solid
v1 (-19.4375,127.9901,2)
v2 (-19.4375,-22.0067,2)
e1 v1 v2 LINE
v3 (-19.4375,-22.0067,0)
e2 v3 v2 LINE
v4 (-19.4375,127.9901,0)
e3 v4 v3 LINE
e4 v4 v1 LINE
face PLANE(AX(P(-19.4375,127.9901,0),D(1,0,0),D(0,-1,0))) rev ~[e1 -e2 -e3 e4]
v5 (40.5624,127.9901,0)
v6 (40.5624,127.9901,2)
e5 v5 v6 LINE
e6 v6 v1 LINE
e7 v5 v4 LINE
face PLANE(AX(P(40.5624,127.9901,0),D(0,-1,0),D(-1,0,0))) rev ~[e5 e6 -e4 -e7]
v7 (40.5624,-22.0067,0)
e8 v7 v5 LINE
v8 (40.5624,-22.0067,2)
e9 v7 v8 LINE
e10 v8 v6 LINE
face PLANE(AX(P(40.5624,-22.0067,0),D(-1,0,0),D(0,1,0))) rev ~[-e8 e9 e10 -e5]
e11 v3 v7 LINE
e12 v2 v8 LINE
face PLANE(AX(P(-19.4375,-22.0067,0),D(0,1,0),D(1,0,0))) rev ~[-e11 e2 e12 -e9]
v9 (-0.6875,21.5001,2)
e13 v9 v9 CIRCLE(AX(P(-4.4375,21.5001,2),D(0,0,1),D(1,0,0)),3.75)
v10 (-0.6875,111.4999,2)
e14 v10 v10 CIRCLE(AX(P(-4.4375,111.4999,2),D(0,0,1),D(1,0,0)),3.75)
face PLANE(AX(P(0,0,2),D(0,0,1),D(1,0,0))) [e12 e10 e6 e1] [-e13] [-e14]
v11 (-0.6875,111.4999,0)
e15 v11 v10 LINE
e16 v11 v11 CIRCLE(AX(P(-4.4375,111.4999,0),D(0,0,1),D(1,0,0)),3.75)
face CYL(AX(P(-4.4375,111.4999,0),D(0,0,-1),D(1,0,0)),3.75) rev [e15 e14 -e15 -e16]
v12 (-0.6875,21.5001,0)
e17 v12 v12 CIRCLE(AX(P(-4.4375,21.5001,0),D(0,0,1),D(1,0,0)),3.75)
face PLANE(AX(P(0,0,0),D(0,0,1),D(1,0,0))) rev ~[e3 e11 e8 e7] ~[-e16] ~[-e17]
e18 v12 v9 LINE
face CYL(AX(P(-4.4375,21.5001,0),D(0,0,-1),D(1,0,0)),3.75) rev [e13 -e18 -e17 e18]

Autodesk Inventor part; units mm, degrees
ref_plane "YZ Plane" through (0, 0, 0) normal (1, 0, 0) x (0, 1, 0)
ref_plane "XZ Plane" through (0, 0, 0) normal (0, 1, 0) x (-1, 0, 0)
ref_plane "XY Plane" through (0, 0, 0) normal (0, 0, 1) x (1, 0, 0)
sketch "Sketch1" plane through (0, 0, 0) normal (0, 0, 1) x (1, 0, 0)
  line L0 (-7.6357, 22.9943) -> (-8.4175, 23.9734) construction
  arc A0 (-7.6357, 22.9943) -> (-7.6357, 20.0058) centre (-4.4375, 21.5001) ccw construction
  line L1 (-8.4175, 19.0267) -> (-7.6357, 20.0058) construction
  arc A1 (-8.4175, 19.0267) -> (-6.9109, 17.5201) centre (-7.5798, 18.3578) ccw construction
  line L2 (-5.9318, 18.3019) -> (-6.9109, 17.5201) construction
  arc A2 (-5.9318, 18.3019) -> (-2.9433, 18.3019) centre (-4.4375, 21.5001) ccw construction
  line L3 (-1.9642, 17.5201) -> (-2.9433, 18.3019) construction
  arc A3 (-1.9642, 17.5201) -> (-0.4576, 19.0267) centre (-1.2953, 18.3578) ccw construction
  line L4 (-1.2394, 20.0058) -> (-0.4576, 19.0267) construction
  arc A4 (-1.2394, 20.0058) -> (-1.2394, 22.9943) centre (-4.4375, 21.5001) ccw construction
  line L5 (-0.4576, 23.9734) -> (-1.2394, 22.9943) construction
  arc A5 (-0.4576, 23.9734) -> (-1.9642, 25.48) centre (-1.2953, 24.6423) ccw construction
  line L6 (-2.9433, 24.6982) -> (-1.9642, 25.48) construction
  arc A6 (-2.9433, 24.6982) -> (-5.9318, 24.6982) centre (-4.4375, 21.5001) ccw construction
  line L7 (-6.9109, 25.48) -> (-5.9318, 24.6982) construction
  arc A7 (-6.9109, 25.48) -> (-8.4175, 23.9734) centre (-7.5798, 24.6423) ccw construction
  line L8 (-18.1375, 31.381) -> (-18.1375, 34.2) construction
  arc A8 (-18.1375, 31.381) -> (-17.7565, 31) centre (-17.7565, 31.381) ccw construction
  line L9 (-14.3175, 31) -> (-17.7565, 31) construction
  arc A9 (-14.3175, 31) -> (-13.9375, 31.38) centre (-14.3175, 31.38) ccw construction
  line L10 (-13.9375, 34.819) -> (-13.9375, 31.38) construction
  arc A10 (-13.9375, 34.819) -> (-14.3185, 35.2) centre (-14.3185, 34.819) ccw construction
  line L11 (-17.1375, 35.2) -> (-14.3185, 35.2) construction
  arc A11 (-17.1375, 35.2) -> (-18.1375, 34.2) centre (-17.1375, 34.2) ccw construction
  line L12 (9.2624, 11.6191) -> (9.2624, 8.8001) construction
  arc A12 (9.2624, 11.6191) -> (8.8814, 12.0001) centre (8.8814, 11.6191) ccw construction
  line L13 (5.4424, 12.0001) -> (8.8814, 12.0001) construction
  arc A13 (5.4424, 12.0001) -> (5.0624, 11.6201) centre (5.4424, 11.6201) ccw construction
  line L14 (5.0624, 8.1811) -> (5.0624, 11.6201) construction
  arc A14 (5.0624, 8.1811) -> (5.4434, 7.8001) centre (5.4434, 8.1811) ccw construction
  line L15 (8.2624, 7.8001) -> (5.4434, 7.8001) construction
  arc A15 (8.2624, 7.8001) -> (9.2624, 8.8001) centre (8.2624, 8.8001) ccw construction
  line L16 (-14.3185, 7.8001) -> (-17.1375, 7.8001) construction
  arc A16 (-14.3185, 7.8001) -> (-13.9375, 8.1811) centre (-14.3185, 8.1811) ccw construction
  line L17 (-13.9375, 11.6201) -> (-13.9375, 8.1811) construction
  arc A17 (-13.9375, 11.6201) -> (-14.3175, 12.0001) centre (-14.3175, 11.6201) ccw construction
  line L18 (-17.7565, 12.0001) -> (-14.3175, 12.0001) construction
  arc A18 (-17.7565, 12.0001) -> (-18.1375, 11.6191) centre (-17.7565, 11.6191) ccw construction
  line L19 (-18.1375, 8.8001) -> (-18.1375, 11.6191) construction
  arc A19 (-18.1375, 8.8001) -> (-17.1375, 7.8001) centre (-17.1375, 8.8001) ccw construction
  line L20 (8.8814, 31) -> (5.4424, 31) construction
  arc A20 (8.8814, 31) -> (9.2624, 31.381) centre (8.8814, 31.381) ccw construction
  line L21 (9.2624, 34.2) -> (9.2624, 31.381) construction
  arc A21 (9.2624, 34.2) -> (8.2624, 35.2) centre (8.2624, 34.2) ccw construction
  line L22 (5.4434, 35.2) -> (8.2624, 35.2) construction
  arc A22 (5.4434, 35.2) -> (5.0624, 34.819) centre (5.4434, 34.819) ccw construction
  line L23 (5.0624, 31.38) -> (5.0624, 34.819) construction
  arc A23 (5.0624, 31.38) -> (5.4424, 31) centre (5.4424, 31.38) ccw construction
  line L24 (0.0625, 34.2425) -> (3.295, 34.2425) construction
  arc A24 (-0.4375, 34.7425) -> (0.0625, 34.2425) centre (0.0625, 34.7425) ccw construction
  line L25 (-0.4375, 36) -> (-0.4375, 34.7425) construction
  arc A25 (0.0625, 36.5) -> (-0.4375, 36) centre (0.0625, 36) ccw construction
  line L26 (8.5624, 36.5) -> (0.0625, 36.5) construction
  arc A26 (10.5624, 34.5) -> (8.5624, 36.5) centre (8.5624, 34.5) ccw construction
  line L27 (10.5624, 26.0001) -> (10.5624, 34.5) construction
  arc A27 (10.0624, 25.5001) -> (10.5624, 26.0001) centre (10.0624, 26.0001) ccw construction
  line L28 (8.8049, 25.5001) -> (10.0624, 25.5001) construction
  arc A28 (8.3049, 26.0001) -> (8.8049, 25.5001) centre (8.8049, 26.0001) ccw construction
  line L29 (8.3049, 29.2326) -> (8.3049, 26.0001) construction
  arc A29 (8.3049, 29.2326) -> (7.8053, 29.75) centre (7.8053, 29.25) ccw construction
  line L30 (5.8227, 29.75) -> (7.8053, 29.75) construction
  arc A30 (5.8227, 29.75) -> (5.4691, 29.6036) centre (5.8227, 29.25) ccw construction
  line L31 (1.5436, 25.6781) -> (5.4691, 29.6036) construction
  arc A31 (1.5436, 25.6781) -> (1.3971, 25.3245) centre (1.8971, 25.3245) ccw construction
  line L32 (1.3971, 22.4501) -> (1.3971, 25.3245) construction
  line L33 (0.8871, 21.5001) -> (1.3971, 22.4501) construction
  line L34 (1.3971, 20.5501) -> (0.8871, 21.5001) construction
  line L35 (1.3971, 17.6756) -> (1.3971, 20.5501) construction
  arc A32 (1.3971, 17.6756) -> (1.5436, 17.3221) centre (1.8971, 17.6756) ccw construction
  line L36 (5.4691, 13.3965) -> (1.5436, 17.3221) construction
  arc A33 (5.4691, 13.3965) -> (5.8227, 13.2501) centre (5.8227, 13.7501) ccw construction
  line L37 (7.8053, 13.2501) -> (5.8227, 13.2501) construction
  arc A34 (7.8053, 13.2501) -> (8.3049, 13.7675) centre (7.8053, 13.7501) ccw construction
  line L38 (8.3049, 17.0001) -> (8.3049, 13.7675) construction
  arc A35 (8.8049, 17.5001) -> (8.3049, 17.0001) centre (8.8049, 17.0001) ccw construction
  line L39 (10.0624, 17.5001) -> (8.8049, 17.5001) construction
  arc A36 (10.5624, 17.0001) -> (10.0624, 17.5001) centre (10.0624, 17.0001) ccw construction
  line L40 (10.5624, 8.5001) -> (10.5624, 17.0001) construction
  arc A37 (8.5624, 6.5001) -> (10.5624, 8.5001) centre (8.5624, 8.5001) ccw construction
  line L41 (0.0625, 6.5001) -> (8.5624, 6.5001) construction
  arc A38 (-0.4375, 7.0001) -> (0.0625, 6.5001) centre (0.0625, 7.0001) ccw construction
  line L42 (-0.4375, 8.2576) -> (-0.4375, 7.0001) construction
  arc A39 (0.0625, 8.7576) -> (-0.4375, 8.2576) centre (0.0625, 8.2576) ccw construction
  line L43 (3.295, 8.7576) -> (0.0625, 8.7576) construction
  arc A40 (3.295, 8.7576) -> (3.8124, 9.2573) centre (3.3124, 9.2573) ccw construction
  line L44 (3.8124, 11.2399) -> (3.8124, 9.2573) construction
  arc A41 (3.8124, 11.2399) -> (3.666, 11.5934) centre (3.3124, 11.2399) ccw construction
  line L45 (-0.2595, 15.5189) -> (3.666, 11.5934) construction
  arc A42 (-0.2595, 15.5189) -> (-0.6131, 15.6654) centre (-0.6131, 15.1654) ccw construction
  line L46 (-3.55, 15.6654) -> (-0.6131, 15.6654) construction
  line L47 (-4.5, 16.1754) -> (-3.55, 15.6654) construction
  line L48 (-5.45, 15.6654) -> (-4.5, 16.1754) construction
  line L49 (-8.262, 15.6654) -> (-5.45, 15.6654) construction
  arc A43 (-8.262, 15.6654) -> (-8.6155, 15.5189) centre (-8.262, 15.1654) ccw construction
  line L50 (-12.5411, 11.5934) -> (-8.6155, 15.5189) construction
  arc A44 (-12.5411, 11.5934) -> (-12.6875, 11.2399) centre (-12.1875, 11.2399) ccw construction
  line L51 (-12.6875, 9.2573) -> (-12.6875, 11.2399) construction
  arc A45 (-12.6875, 9.2573) -> (-12.17, 8.7576) centre (-12.1875, 9.2573) ccw construction
  line L52 (-8.9375, 8.7576) -> (-12.17, 8.7576) construction
  arc A46 (-8.4375, 8.2576) -> (-8.9375, 8.7576) centre (-8.9375, 8.2576) ccw construction
  line L53 (-8.4375, 7.0001) -> (-8.4375, 8.2576) construction
  arc A47 (-8.9375, 6.5001) -> (-8.4375, 7.0001) centre (-8.9375, 7.0001) ccw construction
  line L54 (-17.4375, 6.5001) -> (-8.9375, 6.5001) construction
  arc A48 (-19.4375, 8.5001) -> (-17.4375, 6.5001) centre (-17.4375, 8.5001) ccw construction
  line L55 (-19.4375, 17.0001) -> (-19.4375, 8.5001) construction
  arc A49 (-18.9375, 17.5001) -> (-19.4375, 17.0001) centre (-18.9375, 17.0001) ccw construction
  line L56 (-17.68, 17.5001) -> (-18.9375, 17.5001) construction
  arc A50 (-17.18, 17.0001) -> (-17.68, 17.5001) centre (-17.68, 17.0001) ccw construction
  line L57 (-17.18, 13.7675) -> (-17.18, 17.0001) construction
  arc A51 (-17.18, 13.7675) -> (-16.6803, 13.2501) centre (-16.6803, 13.7501) ccw construction
  line L58 (-14.6977, 13.2501) -> (-16.6803, 13.2501) construction
  arc A52 (-14.6977, 13.2501) -> (-14.3442, 13.3965) centre (-14.6977, 13.7501) ccw construction
  line L59 (-10.4186, 17.3221) -> (-14.3442, 13.3965) construction
  arc A53 (-10.4186, 17.3221) -> (-10.2722, 17.6756) centre (-10.7722, 17.6756) ccw construction
  line L60 (-10.2722, 20.5501) -> (-10.2722, 17.6756) construction
  line L61 (-9.7622, 21.5001) -> (-10.2722, 20.5501) construction
  line L62 (-10.2722, 22.4501) -> (-9.7622, 21.5001) construction
  line L63 (-10.2722, 25.3245) -> (-10.2722, 22.4501) construction
  arc A54 (-10.2722, 25.3245) -> (-10.4186, 25.6781) centre (-10.7722, 25.3245) ccw construction
  line L64 (-14.3442, 29.6036) -> (-10.4186, 25.6781) construction
  arc A55 (-14.3442, 29.6036) -> (-14.6977, 29.75) centre (-14.6977, 29.25) ccw construction
  line L65 (-16.6803, 29.75) -> (-14.6977, 29.75) construction
  arc A56 (-16.6803, 29.75) -> (-17.18, 29.2326) centre (-16.6803, 29.25) ccw construction
  line L66 (-17.18, 26.0001) -> (-17.18, 29.2326) construction
  arc A57 (-17.68, 25.5001) -> (-17.18, 26.0001) centre (-17.68, 26.0001) ccw construction
  line L67 (-18.9375, 25.5001) -> (-17.68, 25.5001) construction
  arc A58 (-19.4375, 26.0001) -> (-18.9375, 25.5001) centre (-18.9375, 26.0001) ccw construction
  line L68 (-19.4375, 34.5) -> (-19.4375, 26.0001) construction
  arc A59 (-17.4375, 36.5) -> (-19.4375, 34.5) centre (-17.4375, 34.5) ccw construction
  line L69 (-8.9375, 36.5) -> (-17.4375, 36.5) construction
  arc A60 (-8.4375, 36) -> (-8.9375, 36.5) centre (-8.9375, 36) ccw construction
  line L70 (-8.4375, 34.7425) -> (-8.4375, 36) construction
  arc A61 (-8.9375, 34.2425) -> (-8.4375, 34.7425) centre (-8.9375, 34.7425) ccw construction
  line L71 (-12.17, 34.2425) -> (-8.9375, 34.2425) construction
  arc A62 (-12.17, 34.2425) -> (-12.6875, 33.7428) centre (-12.1875, 33.7428) ccw construction
  line L72 (-12.6875, 31.7602) -> (-12.6875, 33.7428) construction
  arc A63 (-12.6875, 31.7602) -> (-12.5411, 31.4067) centre (-12.1875, 31.7602) ccw construction
  line L73 (-8.6155, 27.4812) -> (-12.5411, 31.4067) construction
  arc A64 (-8.6155, 27.4812) -> (-8.262, 27.3347) centre (-8.262, 27.8347) ccw construction
  line L74 (-5.45, 27.3347) -> (-8.262, 27.3347) construction
  line L75 (-4.5, 26.8247) -> (-5.45, 27.3347) construction
  line L76 (-3.55, 27.3347) -> (-4.5, 26.8247) construction
  line L77 (-0.6131, 27.3347) -> (-3.55, 27.3347) construction
  arc A65 (-0.6131, 27.3347) -> (-0.2595, 27.4812) centre (-0.6131, 27.8347) ccw construction
  line L78 (3.666, 31.4067) -> (-0.2595, 27.4812) construction
  arc A66 (3.666, 31.4067) -> (3.8124, 31.7602) centre (3.3124, 31.7602) ccw construction
  line L79 (3.8124, 33.7428) -> (3.8124, 31.7602) construction
  arc A67 (3.8124, 33.7428) -> (3.295, 34.2425) centre (3.3124, 33.7428) ccw construction
  line L80 (-7.6357, 110.0057) -> (-8.4175, 109.0266) construction
  arc A68 (-8.4175, 109.0266) -> (-6.9109, 107.52) centre (-7.5798, 108.3577) ccw construction
  line L81 (-6.9109, 107.52) -> (-5.9318, 108.3018) construction
  arc A69 (-5.9318, 108.3018) -> (-2.9433, 108.3018) centre (-4.4375, 111.4999) ccw construction
  line L82 (-2.9433, 108.3018) -> (-1.9642, 107.52) construction
  arc A70 (-1.9642, 107.52) -> (-0.4576, 109.0266) centre (-1.2953, 108.3577) ccw construction
  line L83 (-0.4576, 109.0266) -> (-1.2394, 110.0057) construction
  arc A71 (-1.2394, 110.0057) -> (-1.2394, 112.9942) centre (-4.4375, 111.4999) ccw construction
  line L84 (-1.2394, 112.9942) -> (-0.4576, 113.9733) construction
  arc A72 (-0.4576, 113.9733) -> (-1.9642, 115.4799) centre (-1.2953, 114.6422) ccw construction
  line L85 (-1.9642, 115.4799) -> (-2.9433, 114.6981) construction
  arc A73 (-2.9433, 114.6981) -> (-5.9318, 114.6981) centre (-4.4375, 111.4999) ccw construction
  line L86 (-5.9318, 114.6981) -> (-6.9109, 115.4799) construction
  arc A74 (-6.9109, 115.4799) -> (-8.4175, 113.9733) centre (-7.5798, 114.6422) ccw construction
  line L87 (-8.4175, 113.9733) -> (-7.6357, 112.9942) construction
  arc A75 (-7.6357, 112.9942) -> (-7.6357, 110.0057) centre (-4.4375, 111.4999) ccw construction
  line L88 (-18.1375, 101.619) -> (-18.1375, 98.8) construction
  arc A76 (-18.1375, 98.8) -> (-17.1375, 97.8) centre (-17.1375, 98.8) ccw construction
  line L89 (-17.1375, 97.8) -> (-14.3185, 97.8) construction
  arc A77 (-14.3185, 97.8) -> (-13.9375, 98.181) centre (-14.3185, 98.181) ccw construction
  line L90 (-13.9375, 98.181) -> (-13.9375, 101.62) construction
  arc A78 (-13.9375, 101.62) -> (-14.3175, 102) centre (-14.3175, 101.62) ccw construction
  line L91 (-14.3175, 102) -> (-17.7565, 102) construction
  arc A79 (-17.7565, 102) -> (-18.1375, 101.619) centre (-17.7565, 101.619) ccw construction
  line L92 (9.2624, 121.3809) -> (9.2624, 124.1999) construction
  arc A80 (9.2624, 124.1999) -> (8.2624, 125.1999) centre (8.2624, 124.1999) ccw construction
  line L93 (8.2624, 125.1999) -> (5.4434, 125.1999) construction
  arc A81 (5.4434, 125.1999) -> (5.0624, 124.8189) centre (5.4434, 124.8189) ccw construction
  line L94 (5.0624, 124.8189) -> (5.0624, 121.3799) construction
  arc A82 (5.0624, 121.3799) -> (5.4424, 120.9999) centre (5.4424, 121.3799) ccw construction
  line L95 (5.4424, 120.9999) -> (8.8814, 120.9999) construction
  arc A83 (8.8814, 120.9999) -> (9.2624, 121.3809) centre (8.8814, 121.3809) ccw construction
  line L96 (-14.3185, 125.1999) -> (-17.1375, 125.1999) construction
  arc A84 (-17.1375, 125.1999) -> (-18.1375, 124.1999) centre (-17.1375, 124.1999) ccw construction
  line L97 (-18.1375, 124.1999) -> (-18.1375, 121.3809) construction
  arc A85 (-18.1375, 121.3809) -> (-17.7565, 120.9999) centre (-17.7565, 121.3809) ccw construction
  line L98 (-17.7565, 120.9999) -> (-14.3175, 120.9999) construction
  arc A86 (-14.3175, 120.9999) -> (-13.9375, 121.3799) centre (-14.3175, 121.3799) ccw construction
  line L99 (-13.9375, 121.3799) -> (-13.9375, 124.8189) construction
  arc A87 (-13.9375, 124.8189) -> (-14.3185, 125.1999) centre (-14.3185, 124.8189) ccw construction
  line L100 (8.8814, 102) -> (5.4424, 102) construction
  arc A88 (5.4424, 102) -> (5.0624, 101.62) centre (5.4424, 101.62) ccw construction
  line L101 (5.0624, 101.62) -> (5.0624, 98.181) construction
  arc A89 (5.0624, 98.181) -> (5.4434, 97.8) centre (5.4434, 98.181) ccw construction
  line L102 (5.4434, 97.8) -> (8.2624, 97.8) construction
  arc A90 (8.2624, 97.8) -> (9.2624, 98.8) centre (8.2624, 98.8) ccw construction
  line L103 (9.2624, 98.8) -> (9.2624, 101.619) construction
  arc A91 (9.2624, 101.619) -> (8.8814, 102) centre (8.8814, 101.619) ccw construction
  line L104 (0.0625, 98.7575) -> (3.295, 98.7575) construction
  arc A92 (3.295, 98.7575) -> (3.8124, 99.2572) centre (3.3124, 99.2572) ccw construction
  line L105 (3.8124, 99.2572) -> (3.8124, 101.2398) construction
  arc A93 (3.8124, 101.2398) -> (3.666, 101.5933) centre (3.3124, 101.2398) ccw construction
  line L106 (3.666, 101.5933) -> (-0.2595, 105.5188) construction
  arc A94 (-0.2595, 105.5188) -> (-0.6131, 105.6653) centre (-0.6131, 105.1653) ccw construction
  line L107 (-0.6131, 105.6653) -> (-3.55, 105.6653) construction
  line L108 (-3.55, 105.6653) -> (-4.5, 106.1753) construction
  line L109 (-4.5, 106.1753) -> (-5.45, 105.6653) construction
  line L110 (-5.45, 105.6653) -> (-8.262, 105.6653) construction
  arc A95 (-8.262, 105.6653) -> (-8.6155, 105.5188) centre (-8.262, 105.1653) ccw construction
  line L111 (-8.6155, 105.5188) -> (-12.5411, 101.5933) construction
  arc A96 (-12.5411, 101.5933) -> (-12.6875, 101.2398) centre (-12.1875, 101.2398) ccw construction
  line L112 (-12.6875, 101.2398) -> (-12.6875, 99.2572) construction
  arc A97 (-12.6875, 99.2572) -> (-12.17, 98.7575) centre (-12.1875, 99.2572) ccw construction
  line L113 (-12.17, 98.7575) -> (-8.9375, 98.7575) construction
  arc A98 (-8.4375, 98.2575) -> (-8.9375, 98.7575) centre (-8.9375, 98.2575) ccw construction
  line L114 (-8.4375, 98.2575) -> (-8.4375, 97) construction
  arc A99 (-8.9375, 96.5) -> (-8.4375, 97) centre (-8.9375, 97) ccw construction
  line L115 (-8.9375, 96.5) -> (-17.4375, 96.5) construction
  arc A100 (-19.4375, 98.5) -> (-17.4375, 96.5) centre (-17.4375, 98.5) ccw construction
  line L116 (-19.4375, 98.5) -> (-19.4375, 106.9999) construction
  arc A101 (-18.9375, 107.4999) -> (-19.4375, 106.9999) centre (-18.9375, 106.9999) ccw construction
  line L117 (-18.9375, 107.4999) -> (-17.68, 107.4999) construction
  arc A102 (-17.18, 106.9999) -> (-17.68, 107.4999) centre (-17.68, 106.9999) ccw construction
  line L118 (-17.18, 106.9999) -> (-17.18, 103.7674) construction
  arc A103 (-17.18, 103.7674) -> (-16.6803, 103.25) centre (-16.6803, 103.75) ccw construction
  line L119 (-16.6803, 103.25) -> (-14.6977, 103.25) construction
  arc A104 (-14.6977, 103.25) -> (-14.3442, 103.3964) centre (-14.6977, 103.75) ccw construction
  line L120 (-14.3442, 103.3964) -> (-10.4186, 107.3219) construction
  arc A105 (-10.4186, 107.3219) -> (-10.2722, 107.6755) centre (-10.7722, 107.6755) ccw construction
  line L121 (-10.2722, 107.6755) -> (-10.2722, 110.5499) construction
  line L122 (-10.2722, 110.5499) -> (-9.7622, 111.4999) construction
  line L123 (-9.7622, 111.4999) -> (-10.2722, 112.4499) construction
  line L124 (-10.2722, 112.4499) -> (-10.2722, 115.3244) construction
  arc A106 (-10.2722, 115.3244) -> (-10.4186, 115.6779) centre (-10.7722, 115.3244) ccw construction
  line L125 (-10.4186, 115.6779) -> (-14.3442, 119.6035) construction
  arc A107 (-14.3442, 119.6035) -> (-14.6977, 119.7499) centre (-14.6977, 119.2499) ccw construction
  line L126 (-14.6977, 119.7499) -> (-16.6803, 119.7499) construction
  arc A108 (-16.6803, 119.7499) -> (-17.18, 119.2325) centre (-16.6803, 119.2499) ccw construction
  line L127 (-17.18, 119.2325) -> (-17.18, 115.9999) construction
  arc A109 (-17.68, 115.4999) -> (-17.18, 115.9999) centre (-17.68, 115.9999) ccw construction
  line L128 (-17.68, 115.4999) -> (-18.9375, 115.4999) construction
  arc A110 (-19.4375, 115.9999) -> (-18.9375, 115.4999) centre (-18.9375, 115.9999) ccw construction
  line L129 (-19.4375, 115.9999) -> (-19.4375, 124.4999) construction
  arc A111 (-17.4375, 126.4999) -> (-19.4375, 124.4999) centre (-17.4375, 124.4999) ccw construction
  line L130 (-17.4375, 126.4999) -> (-8.9375, 126.4999) construction
  arc A112 (-8.4375, 125.9999) -> (-8.9375, 126.4999) centre (-8.9375, 125.9999) ccw construction
  line L131 (-8.4375, 125.9999) -> (-8.4375, 124.7424) construction
  arc A113 (-8.9375, 124.2424) -> (-8.4375, 124.7424) centre (-8.9375, 124.7424) ccw construction
  line L132 (-8.9375, 124.2424) -> (-12.17, 124.2424) construction
  arc A114 (-12.17, 124.2424) -> (-12.6875, 123.7427) centre (-12.1875, 123.7427) ccw construction
  line L133 (-12.6875, 123.7427) -> (-12.6875, 121.7601) construction
  arc A115 (-12.6875, 121.7601) -> (-12.5411, 121.4066) centre (-12.1875, 121.7601) ccw construction
  line L134 (-12.5411, 121.4066) -> (-8.6155, 117.4811) construction
  arc A116 (-8.6155, 117.4811) -> (-8.262, 117.3346) centre (-8.262, 117.8346) ccw construction
  line L135 (-8.262, 117.3346) -> (-5.45, 117.3346) construction
  line L136 (-5.45, 117.3346) -> (-4.5, 116.8246) construction
  line L137 (-4.5, 116.8246) -> (-3.55, 117.3346) construction
  line L138 (-3.55, 117.3346) -> (-0.6131, 117.3346) construction
  arc A117 (-0.6131, 117.3346) -> (-0.2595, 117.4811) centre (-0.6131, 117.8346) ccw construction
  line L139 (-0.2595, 117.4811) -> (3.666, 121.4066) construction
  arc A118 (3.666, 121.4066) -> (3.8124, 121.7601) centre (3.3124, 121.7601) ccw construction
  line L140 (3.8124, 121.7601) -> (3.8124, 123.7427) construction
  arc A119 (3.8124, 123.7427) -> (3.295, 124.2424) centre (3.3124, 123.7427) ccw construction
  line L141 (3.295, 124.2424) -> (0.0625, 124.2424) construction
  arc A120 (-0.4375, 124.7424) -> (0.0625, 124.2424) centre (0.0625, 124.7424) ccw construction
  line L142 (-0.4375, 124.7424) -> (-0.4375, 125.9999) construction
  arc A121 (0.0625, 126.4999) -> (-0.4375, 125.9999) centre (0.0625, 125.9999) ccw construction
  line L143 (0.0625, 126.4999) -> (8.5624, 126.4999) construction
  arc A122 (10.5624, 124.4999) -> (8.5624, 126.4999) centre (8.5624, 124.4999) ccw construction
  line L144 (10.5624, 124.4999) -> (10.5624, 115.9999) construction
  arc A123 (10.0624, 115.4999) -> (10.5624, 115.9999) centre (10.0624, 115.9999) ccw construction
  line L145 (10.0624, 115.4999) -> (8.8049, 115.4999) construction
  arc A124 (8.3049, 115.9999) -> (8.8049, 115.4999) centre (8.8049, 115.9999) ccw construction
  line L146 (8.3049, 115.9999) -> (8.3049, 119.2325) construction
  arc A125 (8.3049, 119.2325) -> (7.8053, 119.7499) centre (7.8053, 119.2499) ccw construction
  line L147 (7.8053, 119.7499) -> (5.8227, 119.7499) construction
  arc A126 (5.8227, 119.7499) -> (5.4691, 119.6035) centre (5.8227, 119.2499) ccw construction
  line L148 (5.4691, 119.6035) -> (1.5436, 115.6779) construction
  arc A127 (1.5436, 115.6779) -> (1.3971, 115.3244) centre (1.8971, 115.3244) ccw construction
  line L149 (1.3971, 115.3244) -> (1.3971, 112.4499) construction
  line L150 (1.3971, 112.4499) -> (0.8871, 111.4999) construction
  line L151 (0.8871, 111.4999) -> (1.3971, 110.5499) construction
  line L152 (1.3971, 110.5499) -> (1.3971, 107.6755) construction
  arc A128 (1.3971, 107.6755) -> (1.5436, 107.3219) centre (1.8971, 107.6755) ccw construction
  line L153 (1.5436, 107.3219) -> (5.4691, 103.3964) construction
  arc A129 (5.4691, 103.3964) -> (5.8227, 103.25) centre (5.8227, 103.75) ccw construction
  line L154 (5.8227, 103.25) -> (7.8053, 103.25) construction
  arc A130 (7.8053, 103.25) -> (8.3049, 103.7674) centre (7.8053, 103.75) ccw construction
  line L155 (8.3049, 103.7674) -> (8.3049, 106.9999) construction
  arc A131 (8.8049, 107.4999) -> (8.3049, 106.9999) centre (8.8049, 106.9999) ccw construction
  line L156 (8.8049, 107.4999) -> (10.0624, 107.4999) construction
  arc A132 (10.5624, 106.9999) -> (10.0624, 107.4999) centre (10.0624, 106.9999) ccw construction
  line L157 (10.5624, 106.9999) -> (10.5624, 98.5) construction
  arc A133 (8.5624, 96.5) -> (10.5624, 98.5) centre (8.5624, 98.5) ccw construction
  line L158 (8.5624, 96.5) -> (0.0625, 96.5) construction
  arc A134 (-0.4375, 97) -> (0.0625, 96.5) centre (0.0625, 97) ccw construction
  line L159 (-0.4375, 97) -> (-0.4375, 98.2575) construction
  arc A135 (0.0625, 98.7575) -> (-0.4375, 98.2575) centre (0.0625, 98.2575) ccw construction
  line L160 (0.125, 128.0008) -> (20.9999, 128.0008) construction
  ellipse E0 centre (-17.4375, -22.0067) end of major axis (-15.4375, -22.0067) minor radius 0.0008 (-19.4375, -22.0067) -> (-17.4375, -22.0075) ccw construction
  line L161 (40.5624, -22.0067) -> (40.5624, 127.9901)
  line L162 (-19.4375, -22.0067) -> (40.5624, -22.0067)
  line L163 (40.5624, -22.0067) -> (40.5624, 127.9901)
  line L164 (40.5624, 127.9901) -> (-19.4375, 127.9901)
  line L165 (-19.4375, 127.9901) -> (-19.4375, -22.0067)
  circle A136 centre (-4.4375, 111.4999) radius 3.75
  circle A137 centre (-4.4375, 21.5001) radius 3.75
  point P0 (0, 0)
  dimension "d0" = 59.9999
  dimension "d1" = 7.5
extrude "Plate1" add sketch "Sketch1" along normal blind 2
equation "\"BendRadius\" = Thickness"
equation "\"BendReliefWidth\" = Thickness"
equation "\"BendReliefDepth\" = 0.5 * Thickness"
equation "\"CornerReliefSize\" = 4 * Thickness"
equation "\"MinimumRemnant\" = 2 * Thickness"
equation "\"TransitionRadius\" = BendRadius"
equation "\"JacobiRadiusSize\" = BendRadius"
equation "\"GapSize\" = Thickness"
equation "\"d2\" = BendRadius"
equation "\"Thickness\" = 2"
properties part number "gabarito-contraponto" material "Wood (Oak)"
